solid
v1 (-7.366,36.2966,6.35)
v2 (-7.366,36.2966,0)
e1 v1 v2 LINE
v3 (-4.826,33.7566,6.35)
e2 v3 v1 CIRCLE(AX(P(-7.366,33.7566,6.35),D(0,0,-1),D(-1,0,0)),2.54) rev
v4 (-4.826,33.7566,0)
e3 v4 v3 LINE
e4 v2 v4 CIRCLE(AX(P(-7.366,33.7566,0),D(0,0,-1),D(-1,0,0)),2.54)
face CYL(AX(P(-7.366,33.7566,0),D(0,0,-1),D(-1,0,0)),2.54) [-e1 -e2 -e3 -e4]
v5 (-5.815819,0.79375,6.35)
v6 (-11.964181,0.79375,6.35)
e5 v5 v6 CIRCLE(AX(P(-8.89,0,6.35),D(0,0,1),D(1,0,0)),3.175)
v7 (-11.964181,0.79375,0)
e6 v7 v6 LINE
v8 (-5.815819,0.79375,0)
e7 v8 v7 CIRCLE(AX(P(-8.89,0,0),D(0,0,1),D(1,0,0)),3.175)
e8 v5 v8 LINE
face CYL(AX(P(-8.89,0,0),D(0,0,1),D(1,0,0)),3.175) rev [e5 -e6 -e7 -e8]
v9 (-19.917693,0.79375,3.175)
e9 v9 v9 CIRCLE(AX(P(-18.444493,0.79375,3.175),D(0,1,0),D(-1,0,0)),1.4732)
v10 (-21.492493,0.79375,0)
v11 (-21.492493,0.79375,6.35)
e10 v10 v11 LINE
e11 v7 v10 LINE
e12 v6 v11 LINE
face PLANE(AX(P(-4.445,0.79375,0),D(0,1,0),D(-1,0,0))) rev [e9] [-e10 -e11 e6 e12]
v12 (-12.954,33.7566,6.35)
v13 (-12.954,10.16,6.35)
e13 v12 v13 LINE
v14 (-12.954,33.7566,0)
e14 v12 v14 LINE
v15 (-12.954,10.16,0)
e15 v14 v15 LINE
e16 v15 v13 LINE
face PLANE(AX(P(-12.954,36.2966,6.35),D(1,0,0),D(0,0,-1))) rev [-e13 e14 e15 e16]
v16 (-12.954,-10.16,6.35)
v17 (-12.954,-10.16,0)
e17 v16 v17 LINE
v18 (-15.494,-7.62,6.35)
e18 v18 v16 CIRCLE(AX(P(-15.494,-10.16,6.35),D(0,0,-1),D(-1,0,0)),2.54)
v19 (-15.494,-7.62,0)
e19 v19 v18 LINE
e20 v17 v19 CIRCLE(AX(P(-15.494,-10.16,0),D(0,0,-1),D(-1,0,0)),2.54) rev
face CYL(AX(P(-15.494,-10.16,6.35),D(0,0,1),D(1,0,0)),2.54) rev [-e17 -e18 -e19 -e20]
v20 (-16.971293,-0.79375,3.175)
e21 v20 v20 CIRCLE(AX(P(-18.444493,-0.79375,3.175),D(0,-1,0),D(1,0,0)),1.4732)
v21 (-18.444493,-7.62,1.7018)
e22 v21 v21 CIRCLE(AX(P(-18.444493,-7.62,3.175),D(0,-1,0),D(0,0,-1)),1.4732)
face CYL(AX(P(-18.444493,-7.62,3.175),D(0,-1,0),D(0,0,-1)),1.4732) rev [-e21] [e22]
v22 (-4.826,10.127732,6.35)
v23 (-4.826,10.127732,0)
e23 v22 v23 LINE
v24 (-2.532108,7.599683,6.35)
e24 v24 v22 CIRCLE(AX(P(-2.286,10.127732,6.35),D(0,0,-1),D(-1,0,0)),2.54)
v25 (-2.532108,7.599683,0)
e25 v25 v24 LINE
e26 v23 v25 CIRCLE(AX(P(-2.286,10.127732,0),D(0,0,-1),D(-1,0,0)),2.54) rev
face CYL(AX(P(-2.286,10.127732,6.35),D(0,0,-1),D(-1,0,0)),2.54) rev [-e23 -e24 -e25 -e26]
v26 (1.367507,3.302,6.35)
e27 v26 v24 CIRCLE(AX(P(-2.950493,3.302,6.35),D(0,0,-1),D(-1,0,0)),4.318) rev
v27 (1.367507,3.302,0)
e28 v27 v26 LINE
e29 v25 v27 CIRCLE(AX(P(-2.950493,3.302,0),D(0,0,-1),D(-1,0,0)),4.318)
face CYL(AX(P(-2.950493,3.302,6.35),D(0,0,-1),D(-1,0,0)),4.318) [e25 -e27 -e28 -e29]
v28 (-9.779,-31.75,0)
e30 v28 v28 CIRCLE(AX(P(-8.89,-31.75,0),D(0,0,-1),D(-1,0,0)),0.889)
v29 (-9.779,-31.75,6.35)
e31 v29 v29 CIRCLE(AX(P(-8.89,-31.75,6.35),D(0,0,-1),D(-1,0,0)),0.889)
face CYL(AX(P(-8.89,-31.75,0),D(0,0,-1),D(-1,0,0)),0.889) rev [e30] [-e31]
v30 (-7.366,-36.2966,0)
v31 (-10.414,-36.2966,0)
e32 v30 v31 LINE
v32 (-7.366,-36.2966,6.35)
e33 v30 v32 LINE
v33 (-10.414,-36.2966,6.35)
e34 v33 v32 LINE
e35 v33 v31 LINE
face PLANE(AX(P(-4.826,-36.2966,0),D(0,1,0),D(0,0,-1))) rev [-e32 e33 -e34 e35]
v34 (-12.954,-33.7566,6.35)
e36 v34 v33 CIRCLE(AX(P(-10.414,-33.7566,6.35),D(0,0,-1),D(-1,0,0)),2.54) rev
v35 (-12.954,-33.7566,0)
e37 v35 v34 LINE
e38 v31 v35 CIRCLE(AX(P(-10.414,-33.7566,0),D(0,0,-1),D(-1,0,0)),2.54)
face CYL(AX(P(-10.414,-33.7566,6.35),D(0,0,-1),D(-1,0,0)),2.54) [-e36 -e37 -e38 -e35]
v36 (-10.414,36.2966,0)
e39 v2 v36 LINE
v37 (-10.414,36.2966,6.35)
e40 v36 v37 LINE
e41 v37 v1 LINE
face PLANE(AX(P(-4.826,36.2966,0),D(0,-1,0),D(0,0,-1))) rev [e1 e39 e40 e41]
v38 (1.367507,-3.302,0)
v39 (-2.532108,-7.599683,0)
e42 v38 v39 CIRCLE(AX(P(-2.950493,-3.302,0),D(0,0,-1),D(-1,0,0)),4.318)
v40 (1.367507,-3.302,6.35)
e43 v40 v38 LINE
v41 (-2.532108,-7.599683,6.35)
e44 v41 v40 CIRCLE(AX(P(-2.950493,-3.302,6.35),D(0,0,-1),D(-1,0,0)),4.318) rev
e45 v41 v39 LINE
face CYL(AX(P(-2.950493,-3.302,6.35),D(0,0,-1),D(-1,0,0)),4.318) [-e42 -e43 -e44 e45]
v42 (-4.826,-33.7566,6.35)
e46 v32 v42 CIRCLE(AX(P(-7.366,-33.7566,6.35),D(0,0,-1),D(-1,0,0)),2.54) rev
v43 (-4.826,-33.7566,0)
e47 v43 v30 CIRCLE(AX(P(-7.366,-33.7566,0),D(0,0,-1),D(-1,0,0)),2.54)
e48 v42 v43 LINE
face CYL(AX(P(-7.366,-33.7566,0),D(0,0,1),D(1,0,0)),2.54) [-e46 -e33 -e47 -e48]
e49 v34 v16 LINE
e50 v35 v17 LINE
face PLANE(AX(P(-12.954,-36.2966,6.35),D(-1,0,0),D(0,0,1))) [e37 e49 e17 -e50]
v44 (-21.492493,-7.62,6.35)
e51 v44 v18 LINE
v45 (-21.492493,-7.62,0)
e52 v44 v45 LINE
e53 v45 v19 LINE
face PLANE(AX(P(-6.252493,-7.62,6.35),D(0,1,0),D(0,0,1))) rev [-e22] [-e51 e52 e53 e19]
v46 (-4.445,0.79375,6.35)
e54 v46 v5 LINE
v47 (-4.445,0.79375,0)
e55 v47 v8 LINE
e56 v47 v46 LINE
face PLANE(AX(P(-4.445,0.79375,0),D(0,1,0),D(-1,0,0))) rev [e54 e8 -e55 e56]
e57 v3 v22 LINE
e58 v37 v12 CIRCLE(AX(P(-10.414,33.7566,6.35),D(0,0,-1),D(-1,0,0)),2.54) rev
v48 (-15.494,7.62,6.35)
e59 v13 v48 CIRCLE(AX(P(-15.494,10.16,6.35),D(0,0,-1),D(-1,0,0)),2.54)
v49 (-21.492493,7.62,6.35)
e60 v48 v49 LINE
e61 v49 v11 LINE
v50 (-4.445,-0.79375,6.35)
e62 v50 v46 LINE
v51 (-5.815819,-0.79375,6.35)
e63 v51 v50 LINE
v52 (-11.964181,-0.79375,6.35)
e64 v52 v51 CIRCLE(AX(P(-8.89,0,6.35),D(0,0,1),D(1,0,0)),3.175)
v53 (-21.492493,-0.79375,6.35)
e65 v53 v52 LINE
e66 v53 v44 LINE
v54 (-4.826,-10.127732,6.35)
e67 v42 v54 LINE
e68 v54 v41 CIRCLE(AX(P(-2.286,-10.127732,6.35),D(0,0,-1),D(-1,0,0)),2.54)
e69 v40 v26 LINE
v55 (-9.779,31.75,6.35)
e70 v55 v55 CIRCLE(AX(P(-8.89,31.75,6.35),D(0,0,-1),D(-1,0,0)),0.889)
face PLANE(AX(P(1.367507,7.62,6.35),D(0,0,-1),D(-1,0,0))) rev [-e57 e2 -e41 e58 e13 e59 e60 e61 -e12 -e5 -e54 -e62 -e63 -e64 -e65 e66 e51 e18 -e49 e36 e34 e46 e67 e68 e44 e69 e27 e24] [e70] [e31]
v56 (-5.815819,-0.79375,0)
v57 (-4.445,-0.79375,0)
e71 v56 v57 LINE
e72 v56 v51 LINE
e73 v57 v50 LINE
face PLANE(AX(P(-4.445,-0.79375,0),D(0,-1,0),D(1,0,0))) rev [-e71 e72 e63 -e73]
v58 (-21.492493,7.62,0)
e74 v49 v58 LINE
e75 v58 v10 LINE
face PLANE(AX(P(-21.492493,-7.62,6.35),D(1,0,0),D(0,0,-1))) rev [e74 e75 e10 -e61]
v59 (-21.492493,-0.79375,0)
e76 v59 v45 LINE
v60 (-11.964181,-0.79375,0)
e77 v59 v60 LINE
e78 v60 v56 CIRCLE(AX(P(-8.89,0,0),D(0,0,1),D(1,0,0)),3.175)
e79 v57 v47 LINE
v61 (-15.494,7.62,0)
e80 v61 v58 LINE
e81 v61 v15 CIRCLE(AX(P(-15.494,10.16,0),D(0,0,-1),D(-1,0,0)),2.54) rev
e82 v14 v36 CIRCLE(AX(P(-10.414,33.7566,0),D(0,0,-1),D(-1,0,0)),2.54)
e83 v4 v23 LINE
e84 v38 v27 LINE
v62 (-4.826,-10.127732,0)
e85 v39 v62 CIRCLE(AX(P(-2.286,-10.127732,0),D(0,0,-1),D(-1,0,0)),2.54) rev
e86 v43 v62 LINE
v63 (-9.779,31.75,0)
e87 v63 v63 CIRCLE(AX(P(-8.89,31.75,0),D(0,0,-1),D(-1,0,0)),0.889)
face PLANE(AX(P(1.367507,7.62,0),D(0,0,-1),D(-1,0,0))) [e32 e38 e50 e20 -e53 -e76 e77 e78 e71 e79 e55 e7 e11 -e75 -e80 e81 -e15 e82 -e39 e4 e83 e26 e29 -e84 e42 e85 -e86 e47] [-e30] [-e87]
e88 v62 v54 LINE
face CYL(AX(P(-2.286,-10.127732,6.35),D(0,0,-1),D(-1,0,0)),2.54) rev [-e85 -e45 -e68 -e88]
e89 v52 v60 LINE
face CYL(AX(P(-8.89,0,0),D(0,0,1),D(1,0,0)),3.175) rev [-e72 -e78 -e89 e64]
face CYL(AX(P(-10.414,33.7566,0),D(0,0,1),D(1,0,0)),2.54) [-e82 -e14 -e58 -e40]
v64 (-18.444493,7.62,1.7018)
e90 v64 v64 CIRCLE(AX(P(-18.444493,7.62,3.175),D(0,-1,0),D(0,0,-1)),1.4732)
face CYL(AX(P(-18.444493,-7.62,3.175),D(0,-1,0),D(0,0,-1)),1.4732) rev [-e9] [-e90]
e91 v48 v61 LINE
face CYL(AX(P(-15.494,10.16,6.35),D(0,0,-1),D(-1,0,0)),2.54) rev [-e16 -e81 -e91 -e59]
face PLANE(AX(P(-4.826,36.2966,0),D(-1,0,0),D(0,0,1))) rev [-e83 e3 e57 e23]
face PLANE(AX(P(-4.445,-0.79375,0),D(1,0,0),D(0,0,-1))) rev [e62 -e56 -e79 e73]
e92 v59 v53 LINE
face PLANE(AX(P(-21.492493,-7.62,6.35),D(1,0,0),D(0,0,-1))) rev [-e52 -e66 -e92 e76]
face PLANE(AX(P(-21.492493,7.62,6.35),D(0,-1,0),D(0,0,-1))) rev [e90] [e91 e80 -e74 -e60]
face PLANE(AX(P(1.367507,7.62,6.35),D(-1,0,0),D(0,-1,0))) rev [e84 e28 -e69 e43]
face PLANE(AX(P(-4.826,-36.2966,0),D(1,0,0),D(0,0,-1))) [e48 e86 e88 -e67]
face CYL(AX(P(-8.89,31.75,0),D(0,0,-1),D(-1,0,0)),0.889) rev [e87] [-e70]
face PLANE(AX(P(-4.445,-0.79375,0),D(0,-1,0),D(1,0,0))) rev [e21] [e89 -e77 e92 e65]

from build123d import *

# Parameters (mm, degrees)
EXTRUDE1_DEPTH              = 6.35
SKETCH2_W                   = 17.047492734
SKETCH2_H                   = 1.5875
EXTRUDE2_DEPTH              = 7.35
SKETCH4_R                   = 3.175
EXTRUDE4_DEPTH              = 7.35
FILLET2_R                   = 4.318
F_32_0_116_DIAMETER_HOLE1_D = 2.9464
EXTRUDE8_DEPTH              = 28.6766
FILLET1_R                   = 2.54


with BuildPart() as part:
    # Sketch1 → Extrude1 (new body)
    with BuildSketch(Plane.XY):
        Polygon((-21.492492734, 7.62), (-6.252492734, 7.62), (1.367507266, 7.62), (1.367507266, 0), (1.367507266, -7.62), (-6.252492734, -7.62), (-21.492492734, -7.62), align=None)
    extrude(amount=EXTRUDE1_DEPTH)

    # Sketch2 → Extrude2 (cut, through all)
    with BuildSketch(Plane.XY.offset(6.35)):
        with Locations((-12.968746367, 0)):
            Rectangle(SKETCH2_W, SKETCH2_H)
    extrude(amount=-EXTRUDE2_DEPTH, mode=Mode.SUBTRACT)

    # Sketch4 → Extrude4 (cut, through all)
    with BuildSketch(Plane.XY.offset(6.35)):
        with Locations((-8.89, 0)):
            Circle(SKETCH4_R)
    extrude(amount=-EXTRUDE4_DEPTH, mode=Mode.SUBTRACT)

    # Fillet2
    fillet2_edges = [part.edges().sort_by_distance(p)[0] for p in [
        (1.367507266, 7.62, 3.175),
        (1.367507266, -7.62, 3.175),
    ]]
    fillet(fillet2_edges, radius=FILLET2_R)

    # #32 (0.116) Diameter Hole1 (through all)
    with Locations(Plane(origin=(-18.444492734, -7.62, 3.175), x_dir=(0, 0, -1), z_dir=(0, -1, 0))):
        with Locations((0, 0)):
            Hole(F_32_0_116_DIAMETER_HOLE1_D / 2)

    # Sketch21 → Extrude8 (add)
    with BuildSketch(Plane(origin=(0, 7.62, 0), x_dir=(1, 0, 0), z_dir=(0, 1, 0))):
        Polygon((-8.89, 0), (-4.826, 0), (-4.826, -6.35), (-12.954, -6.35), (-12.954, 0), align=None)
    extrude8 = extrude(amount=EXTRUDE8_DEPTH)

    # Sketch27 → #50 (0.07) Diameter Hole1 (revolve, cut)
    with BuildSketch(Plane(origin=(-8.89, 31.75, 0), x_dir=(0, 1, 0), z_dir=(1, 0, 0))):
        Polygon((0, 0), (0, 6.88416509), (0.889, 6.35), (0.889, 0), align=None)
    f_50_0_07_diameter_hole1 = revolve(axis=Axis((-8.89, 31.75, -6.35), (0, 0, 1)), mode=Mode.SUBTRACT)

    # Mirror2: Extrude8, #50 (0.07) Diameter Hole1 across plane
    add(extrude8.mirror(Plane.ZX))
    add(f_50_0_07_diameter_hole1.mirror(Plane.ZX), mode=Mode.SUBTRACT)

    # Fillet1
    fillet1_edges = [part.edges().sort_by_distance(p)[0] for p in [
        (-12.954, 7.62, 3.175),
        (-4.826, 7.62, 3.175),
        (-12.954, 36.2966, 3.175),
        (-4.826, 36.2966, 3.175),
        (-12.954, -36.2966, 3.175),
        (-12.954, -7.62, 3.175),
        (-4.826, -7.62, 3.175),
        (-4.826, -36.2966, 3.175),
    ]]
    fillet(fillet1_edges, radius=FILLET1_R)


solid = part.part
